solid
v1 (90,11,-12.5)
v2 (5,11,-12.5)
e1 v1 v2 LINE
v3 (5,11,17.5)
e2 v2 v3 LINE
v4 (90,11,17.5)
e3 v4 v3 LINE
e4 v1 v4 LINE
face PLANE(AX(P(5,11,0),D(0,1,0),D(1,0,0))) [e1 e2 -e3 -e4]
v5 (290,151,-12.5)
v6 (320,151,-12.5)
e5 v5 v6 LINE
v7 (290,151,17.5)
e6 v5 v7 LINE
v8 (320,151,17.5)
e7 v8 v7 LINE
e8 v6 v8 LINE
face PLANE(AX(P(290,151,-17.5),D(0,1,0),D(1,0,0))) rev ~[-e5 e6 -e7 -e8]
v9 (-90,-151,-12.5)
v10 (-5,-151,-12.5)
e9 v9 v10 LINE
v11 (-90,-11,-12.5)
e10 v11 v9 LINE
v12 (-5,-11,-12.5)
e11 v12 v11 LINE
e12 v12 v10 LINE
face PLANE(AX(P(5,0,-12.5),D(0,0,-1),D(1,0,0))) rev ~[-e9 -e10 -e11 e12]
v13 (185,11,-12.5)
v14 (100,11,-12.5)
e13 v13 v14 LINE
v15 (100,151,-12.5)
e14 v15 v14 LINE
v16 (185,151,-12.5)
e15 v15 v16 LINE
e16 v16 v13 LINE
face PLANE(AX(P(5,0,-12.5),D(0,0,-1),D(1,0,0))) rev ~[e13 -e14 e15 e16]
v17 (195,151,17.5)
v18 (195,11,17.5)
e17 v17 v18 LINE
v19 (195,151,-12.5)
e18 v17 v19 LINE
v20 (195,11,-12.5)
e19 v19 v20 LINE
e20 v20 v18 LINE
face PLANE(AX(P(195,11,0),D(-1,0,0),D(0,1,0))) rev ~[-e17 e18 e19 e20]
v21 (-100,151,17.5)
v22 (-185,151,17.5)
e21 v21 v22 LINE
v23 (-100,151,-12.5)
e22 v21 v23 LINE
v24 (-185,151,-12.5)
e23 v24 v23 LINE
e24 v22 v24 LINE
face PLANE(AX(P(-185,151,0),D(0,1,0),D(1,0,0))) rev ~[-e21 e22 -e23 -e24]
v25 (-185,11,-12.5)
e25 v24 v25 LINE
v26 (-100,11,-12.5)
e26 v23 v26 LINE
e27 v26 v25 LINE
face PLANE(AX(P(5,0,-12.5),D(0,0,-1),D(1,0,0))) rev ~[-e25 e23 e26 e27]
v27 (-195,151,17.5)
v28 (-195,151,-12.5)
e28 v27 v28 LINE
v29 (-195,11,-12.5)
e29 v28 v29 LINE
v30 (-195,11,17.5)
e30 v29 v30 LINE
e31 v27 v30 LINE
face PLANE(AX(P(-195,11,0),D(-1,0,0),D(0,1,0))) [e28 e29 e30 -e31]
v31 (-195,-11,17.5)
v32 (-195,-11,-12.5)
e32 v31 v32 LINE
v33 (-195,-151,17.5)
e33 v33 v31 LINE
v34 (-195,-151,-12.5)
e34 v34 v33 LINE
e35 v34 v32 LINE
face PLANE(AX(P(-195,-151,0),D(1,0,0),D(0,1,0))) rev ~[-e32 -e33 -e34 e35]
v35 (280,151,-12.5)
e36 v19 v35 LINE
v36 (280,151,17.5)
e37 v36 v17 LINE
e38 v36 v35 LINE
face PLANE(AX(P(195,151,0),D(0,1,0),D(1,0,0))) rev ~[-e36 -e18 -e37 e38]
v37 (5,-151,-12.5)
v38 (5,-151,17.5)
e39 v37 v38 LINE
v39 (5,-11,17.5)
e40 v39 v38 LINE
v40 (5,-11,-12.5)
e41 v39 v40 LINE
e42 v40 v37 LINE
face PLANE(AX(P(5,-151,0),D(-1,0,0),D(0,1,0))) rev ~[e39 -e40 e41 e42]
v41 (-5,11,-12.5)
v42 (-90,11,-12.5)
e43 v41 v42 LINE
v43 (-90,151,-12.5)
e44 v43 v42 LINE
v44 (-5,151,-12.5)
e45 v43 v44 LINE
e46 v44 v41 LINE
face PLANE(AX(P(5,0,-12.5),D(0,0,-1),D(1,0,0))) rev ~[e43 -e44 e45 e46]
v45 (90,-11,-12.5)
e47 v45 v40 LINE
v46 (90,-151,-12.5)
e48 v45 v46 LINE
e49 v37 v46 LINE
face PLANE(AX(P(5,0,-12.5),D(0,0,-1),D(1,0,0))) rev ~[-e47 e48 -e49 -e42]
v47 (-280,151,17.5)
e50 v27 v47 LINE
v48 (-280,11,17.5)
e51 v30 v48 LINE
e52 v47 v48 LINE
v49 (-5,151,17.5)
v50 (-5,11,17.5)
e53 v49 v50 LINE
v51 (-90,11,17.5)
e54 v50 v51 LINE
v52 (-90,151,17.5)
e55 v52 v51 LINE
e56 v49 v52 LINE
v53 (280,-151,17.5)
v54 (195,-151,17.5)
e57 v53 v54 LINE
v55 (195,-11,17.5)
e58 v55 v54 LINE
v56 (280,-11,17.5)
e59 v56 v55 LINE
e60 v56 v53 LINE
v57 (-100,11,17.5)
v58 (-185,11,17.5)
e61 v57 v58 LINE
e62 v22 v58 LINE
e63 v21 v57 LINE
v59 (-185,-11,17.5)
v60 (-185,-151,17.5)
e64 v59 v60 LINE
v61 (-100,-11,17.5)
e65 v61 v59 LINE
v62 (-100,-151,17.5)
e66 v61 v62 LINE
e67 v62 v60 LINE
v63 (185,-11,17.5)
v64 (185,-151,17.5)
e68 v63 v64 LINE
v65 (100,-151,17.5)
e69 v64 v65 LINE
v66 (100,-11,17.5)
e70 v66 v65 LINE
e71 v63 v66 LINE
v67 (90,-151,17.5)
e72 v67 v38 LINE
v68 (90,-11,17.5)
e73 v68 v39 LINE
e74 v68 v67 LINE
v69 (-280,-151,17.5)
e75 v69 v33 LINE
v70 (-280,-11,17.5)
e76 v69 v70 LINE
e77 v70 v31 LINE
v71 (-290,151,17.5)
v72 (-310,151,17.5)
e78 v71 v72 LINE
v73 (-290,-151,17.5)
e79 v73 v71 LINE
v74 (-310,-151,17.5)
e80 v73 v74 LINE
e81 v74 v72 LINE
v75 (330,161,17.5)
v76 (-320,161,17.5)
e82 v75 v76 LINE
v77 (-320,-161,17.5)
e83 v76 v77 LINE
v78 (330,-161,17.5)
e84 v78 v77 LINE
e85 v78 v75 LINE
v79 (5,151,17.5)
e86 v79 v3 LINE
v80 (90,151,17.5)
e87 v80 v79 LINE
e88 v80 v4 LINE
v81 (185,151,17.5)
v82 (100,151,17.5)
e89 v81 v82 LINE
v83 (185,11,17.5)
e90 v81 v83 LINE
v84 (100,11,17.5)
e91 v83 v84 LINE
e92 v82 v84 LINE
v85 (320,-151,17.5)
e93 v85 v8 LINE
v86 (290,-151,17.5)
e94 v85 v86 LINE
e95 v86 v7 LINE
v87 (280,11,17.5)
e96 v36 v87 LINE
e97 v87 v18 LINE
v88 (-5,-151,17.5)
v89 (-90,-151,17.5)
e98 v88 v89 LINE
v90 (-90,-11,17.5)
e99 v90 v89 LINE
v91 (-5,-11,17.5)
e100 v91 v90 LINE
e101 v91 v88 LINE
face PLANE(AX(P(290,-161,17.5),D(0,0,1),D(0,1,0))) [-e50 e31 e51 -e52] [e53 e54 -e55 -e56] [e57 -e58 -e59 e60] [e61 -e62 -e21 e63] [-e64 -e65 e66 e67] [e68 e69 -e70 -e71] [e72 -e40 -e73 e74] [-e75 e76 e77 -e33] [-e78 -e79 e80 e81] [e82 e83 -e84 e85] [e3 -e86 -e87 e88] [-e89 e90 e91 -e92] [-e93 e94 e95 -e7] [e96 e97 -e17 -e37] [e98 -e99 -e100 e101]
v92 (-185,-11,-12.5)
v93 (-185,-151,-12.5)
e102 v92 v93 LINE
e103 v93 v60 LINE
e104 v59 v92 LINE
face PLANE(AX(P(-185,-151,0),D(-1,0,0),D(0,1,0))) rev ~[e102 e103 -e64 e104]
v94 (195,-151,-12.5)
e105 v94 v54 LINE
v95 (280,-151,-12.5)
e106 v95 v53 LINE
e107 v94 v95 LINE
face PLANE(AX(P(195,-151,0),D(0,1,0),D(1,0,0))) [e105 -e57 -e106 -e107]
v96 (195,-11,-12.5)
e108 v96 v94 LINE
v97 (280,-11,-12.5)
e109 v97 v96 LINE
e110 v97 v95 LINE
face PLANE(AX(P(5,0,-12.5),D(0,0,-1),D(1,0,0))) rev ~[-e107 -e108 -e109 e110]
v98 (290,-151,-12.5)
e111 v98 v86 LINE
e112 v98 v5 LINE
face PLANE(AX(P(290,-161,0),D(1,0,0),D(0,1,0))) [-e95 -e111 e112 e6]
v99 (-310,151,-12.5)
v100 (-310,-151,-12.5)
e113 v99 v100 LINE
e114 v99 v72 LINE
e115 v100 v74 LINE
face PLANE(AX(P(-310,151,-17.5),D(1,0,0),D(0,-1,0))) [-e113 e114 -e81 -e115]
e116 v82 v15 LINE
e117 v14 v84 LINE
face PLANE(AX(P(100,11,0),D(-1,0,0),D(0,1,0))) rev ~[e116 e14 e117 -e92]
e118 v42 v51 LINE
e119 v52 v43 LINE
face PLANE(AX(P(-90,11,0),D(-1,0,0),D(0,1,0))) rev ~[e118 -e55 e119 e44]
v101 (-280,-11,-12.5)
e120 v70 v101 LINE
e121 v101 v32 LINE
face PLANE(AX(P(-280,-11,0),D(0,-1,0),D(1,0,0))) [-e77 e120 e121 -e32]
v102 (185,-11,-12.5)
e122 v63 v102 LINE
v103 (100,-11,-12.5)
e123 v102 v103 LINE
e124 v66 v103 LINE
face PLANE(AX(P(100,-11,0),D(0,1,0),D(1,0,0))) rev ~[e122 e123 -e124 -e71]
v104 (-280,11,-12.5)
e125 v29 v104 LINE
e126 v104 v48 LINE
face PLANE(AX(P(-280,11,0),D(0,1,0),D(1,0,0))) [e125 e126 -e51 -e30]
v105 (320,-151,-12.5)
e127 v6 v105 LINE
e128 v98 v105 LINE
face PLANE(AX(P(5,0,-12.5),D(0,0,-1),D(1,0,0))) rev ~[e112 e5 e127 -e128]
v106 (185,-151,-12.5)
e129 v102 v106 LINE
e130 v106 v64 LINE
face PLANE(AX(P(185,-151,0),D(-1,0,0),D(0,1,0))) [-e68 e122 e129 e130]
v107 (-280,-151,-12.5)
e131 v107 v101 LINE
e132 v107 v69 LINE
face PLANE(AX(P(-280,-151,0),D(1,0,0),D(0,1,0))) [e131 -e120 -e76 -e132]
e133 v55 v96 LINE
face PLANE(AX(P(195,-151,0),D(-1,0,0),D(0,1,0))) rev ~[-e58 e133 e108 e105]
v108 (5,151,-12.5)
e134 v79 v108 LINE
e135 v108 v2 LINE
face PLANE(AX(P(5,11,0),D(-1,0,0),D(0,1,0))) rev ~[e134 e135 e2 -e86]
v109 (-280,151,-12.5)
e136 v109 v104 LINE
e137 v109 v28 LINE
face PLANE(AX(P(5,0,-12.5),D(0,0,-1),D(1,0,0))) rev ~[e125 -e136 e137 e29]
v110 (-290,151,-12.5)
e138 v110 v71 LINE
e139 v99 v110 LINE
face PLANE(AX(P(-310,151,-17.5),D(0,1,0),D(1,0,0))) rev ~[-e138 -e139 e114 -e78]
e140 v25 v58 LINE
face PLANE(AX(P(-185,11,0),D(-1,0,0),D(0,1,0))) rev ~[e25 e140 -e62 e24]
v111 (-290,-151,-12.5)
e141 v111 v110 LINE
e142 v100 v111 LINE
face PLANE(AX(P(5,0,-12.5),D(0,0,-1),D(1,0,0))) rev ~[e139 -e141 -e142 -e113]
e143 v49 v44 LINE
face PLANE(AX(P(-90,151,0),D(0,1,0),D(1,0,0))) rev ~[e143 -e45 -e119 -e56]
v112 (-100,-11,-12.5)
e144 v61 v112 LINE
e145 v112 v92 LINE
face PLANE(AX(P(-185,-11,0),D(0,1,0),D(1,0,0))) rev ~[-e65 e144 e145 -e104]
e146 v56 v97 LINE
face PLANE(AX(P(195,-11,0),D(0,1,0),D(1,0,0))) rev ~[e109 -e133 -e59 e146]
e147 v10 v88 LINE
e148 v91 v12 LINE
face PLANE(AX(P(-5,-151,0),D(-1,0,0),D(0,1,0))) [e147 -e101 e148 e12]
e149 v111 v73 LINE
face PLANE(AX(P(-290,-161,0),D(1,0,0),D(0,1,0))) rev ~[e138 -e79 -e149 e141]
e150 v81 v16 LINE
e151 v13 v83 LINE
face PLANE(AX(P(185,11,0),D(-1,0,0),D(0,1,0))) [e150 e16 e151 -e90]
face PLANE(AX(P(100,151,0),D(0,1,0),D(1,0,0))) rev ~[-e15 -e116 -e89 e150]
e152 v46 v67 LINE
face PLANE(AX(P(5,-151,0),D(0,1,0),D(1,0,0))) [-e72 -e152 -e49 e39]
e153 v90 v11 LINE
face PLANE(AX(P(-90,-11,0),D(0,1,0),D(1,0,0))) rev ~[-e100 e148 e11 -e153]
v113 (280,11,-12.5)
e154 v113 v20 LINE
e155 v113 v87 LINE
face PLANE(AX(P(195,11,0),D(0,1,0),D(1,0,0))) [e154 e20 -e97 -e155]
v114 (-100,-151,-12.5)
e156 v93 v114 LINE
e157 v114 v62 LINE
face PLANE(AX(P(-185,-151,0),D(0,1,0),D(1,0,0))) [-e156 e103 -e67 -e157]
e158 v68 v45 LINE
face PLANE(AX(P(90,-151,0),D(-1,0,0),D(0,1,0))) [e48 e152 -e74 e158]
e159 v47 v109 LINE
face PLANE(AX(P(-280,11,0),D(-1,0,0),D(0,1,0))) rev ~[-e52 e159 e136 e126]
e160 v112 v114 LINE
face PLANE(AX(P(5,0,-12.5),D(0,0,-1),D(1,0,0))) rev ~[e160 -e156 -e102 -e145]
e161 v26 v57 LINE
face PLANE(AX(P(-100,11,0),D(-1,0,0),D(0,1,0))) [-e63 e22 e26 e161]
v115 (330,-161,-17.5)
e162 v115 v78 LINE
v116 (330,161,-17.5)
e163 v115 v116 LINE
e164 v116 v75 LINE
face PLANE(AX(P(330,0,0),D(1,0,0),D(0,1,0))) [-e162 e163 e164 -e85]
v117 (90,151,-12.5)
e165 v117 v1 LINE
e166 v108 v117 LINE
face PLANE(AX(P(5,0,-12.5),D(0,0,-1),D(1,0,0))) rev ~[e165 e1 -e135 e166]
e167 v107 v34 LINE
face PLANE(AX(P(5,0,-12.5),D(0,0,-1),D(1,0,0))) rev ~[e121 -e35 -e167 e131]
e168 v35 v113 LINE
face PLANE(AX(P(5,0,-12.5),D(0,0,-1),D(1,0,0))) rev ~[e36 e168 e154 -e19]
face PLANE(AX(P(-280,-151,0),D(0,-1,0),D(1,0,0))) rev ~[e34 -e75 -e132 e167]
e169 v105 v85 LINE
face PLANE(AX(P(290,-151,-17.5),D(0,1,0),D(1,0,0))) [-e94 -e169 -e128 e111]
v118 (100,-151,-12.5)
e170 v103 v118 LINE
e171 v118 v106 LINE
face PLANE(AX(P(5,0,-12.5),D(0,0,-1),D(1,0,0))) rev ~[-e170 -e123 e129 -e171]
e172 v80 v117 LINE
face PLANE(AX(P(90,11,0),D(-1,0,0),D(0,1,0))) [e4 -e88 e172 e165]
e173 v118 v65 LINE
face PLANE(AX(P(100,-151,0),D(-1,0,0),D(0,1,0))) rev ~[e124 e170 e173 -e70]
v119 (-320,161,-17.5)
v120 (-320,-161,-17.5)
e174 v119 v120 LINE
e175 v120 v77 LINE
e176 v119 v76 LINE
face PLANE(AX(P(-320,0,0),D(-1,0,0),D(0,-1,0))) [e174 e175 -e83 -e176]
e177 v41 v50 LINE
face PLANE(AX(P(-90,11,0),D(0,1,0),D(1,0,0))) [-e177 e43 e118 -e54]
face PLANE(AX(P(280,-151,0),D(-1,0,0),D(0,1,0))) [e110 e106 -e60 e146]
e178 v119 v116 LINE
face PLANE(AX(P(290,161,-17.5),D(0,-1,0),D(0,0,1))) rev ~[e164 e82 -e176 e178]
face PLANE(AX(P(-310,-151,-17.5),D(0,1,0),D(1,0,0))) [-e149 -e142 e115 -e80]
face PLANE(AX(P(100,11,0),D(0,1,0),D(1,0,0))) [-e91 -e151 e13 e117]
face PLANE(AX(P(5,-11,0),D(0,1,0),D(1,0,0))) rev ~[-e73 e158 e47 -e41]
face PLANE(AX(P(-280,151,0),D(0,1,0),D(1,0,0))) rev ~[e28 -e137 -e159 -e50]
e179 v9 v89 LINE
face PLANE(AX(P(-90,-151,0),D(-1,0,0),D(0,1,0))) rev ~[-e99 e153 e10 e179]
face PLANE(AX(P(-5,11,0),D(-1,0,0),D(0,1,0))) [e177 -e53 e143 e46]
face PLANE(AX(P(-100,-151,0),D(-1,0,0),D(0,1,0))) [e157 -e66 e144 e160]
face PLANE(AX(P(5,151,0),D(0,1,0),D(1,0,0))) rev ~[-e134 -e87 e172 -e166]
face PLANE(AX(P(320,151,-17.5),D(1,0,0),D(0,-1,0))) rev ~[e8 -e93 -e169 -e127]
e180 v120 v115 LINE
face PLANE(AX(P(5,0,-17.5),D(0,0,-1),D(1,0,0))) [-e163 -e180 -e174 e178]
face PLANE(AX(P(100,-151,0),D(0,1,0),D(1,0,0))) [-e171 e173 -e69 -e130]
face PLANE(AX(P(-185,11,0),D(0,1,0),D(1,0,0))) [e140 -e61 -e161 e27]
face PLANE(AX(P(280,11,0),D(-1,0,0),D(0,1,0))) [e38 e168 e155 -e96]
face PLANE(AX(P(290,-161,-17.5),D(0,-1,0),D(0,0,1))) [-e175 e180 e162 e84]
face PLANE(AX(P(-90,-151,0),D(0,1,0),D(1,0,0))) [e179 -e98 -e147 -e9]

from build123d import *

# Parameters (mm, degrees)
F0_W      = 580
F0_H      = 322
F1_DEPTH  = 17.5
F2_W      = 85
F2_H      = 140
F3_DEPTH  = 25
F4_W      = 322
F4_H      = 35
F5_DEPTH  = 30
F6_W      = 20
F6_H      = 302
F7_DEPTH  = 35.001
F8_W      = 322
F8_H      = 35
F9_DEPTH  = 40
F10_W     = 30
F10_H     = 302
F11_DEPTH = 35.001
F13_W     = 630
F13_H     = 302
F14_DEPTH = 5


with BuildPart() as f1:
    # F0 (on Top) → F1 (new body, symmetric)
    with BuildSketch(Plane.XY):
        Rectangle(F0_W, F0_H)
    extrude(amount=F1_DEPTH, both=True)

    # F2 (on Top) → F3 (cut, symmetric)
    with BuildSketch(Plane.XY):
        with Locations((237.5, -81)):
            Rectangle(F2_W, F2_H)
        with Locations((142.5, -81)):
            Rectangle(F2_W, F2_H)
        with Locations((47.5, -81)):
            Rectangle(F2_W, F2_H)
        with Locations((-47.5, -81)):
            Rectangle(F2_W, F2_H)
        with Locations((-142.5, -81)):
            Rectangle(F2_W, F2_H)
        with Locations((142.5, 81)):
            Rectangle(F2_W, F2_H)
        with Locations((237.5, 81)):
            Rectangle(F2_W, F2_H)
        with Locations((47.5, 81)):
            Rectangle(F2_W, F2_H)
        with Locations((-142.5, 81)):
            Rectangle(F2_W, F2_H)
        with Locations((-47.5, 81)):
            Rectangle(F2_W, F2_H)
        with Locations((-237.5, 81)):
            Rectangle(F2_W, F2_H)
        with Locations((-237.5, -81)):
            Rectangle(F2_W, F2_H)
    extrude(amount=F3_DEPTH, both=True, mode=Mode.SUBTRACT)


with BuildPart() as f5:
    # F4 (on face) → F5 (new body)
    with BuildSketch(Plane(origin=(-290, 0, 0), x_dir=(0, -1, 0), z_dir=(-1, 0, 0))):
        Rectangle(F4_W, F4_H)
    extrude(amount=F5_DEPTH)

    # F6 (on face) → F7 (cut, through all)
    with BuildSketch(Plane(origin=(0, 0, -17.5), x_dir=(1, 0, 0), z_dir=(0, 0, -1))):
        with Locations((-300, 0)):
            Rectangle(F6_W, F6_H)
    extrude(amount=-F7_DEPTH, mode=Mode.SUBTRACT)


with BuildPart() as f9:
    # F8 (on face) → F9 (new body)
    with BuildSketch(Plane.YZ.offset(290)):
        Rectangle(F8_W, F8_H)
    extrude(amount=F9_DEPTH)

    # F10 (on face) → F11 (cut, through all)
    with BuildSketch(Plane(origin=(0, 0, -17.5), x_dir=(1, 0, 0), z_dir=(0, 0, -1))):
        with Locations((305, 0)):
            Rectangle(F10_W, F10_H)
    extrude(amount=-F11_DEPTH, mode=Mode.SUBTRACT)


with BuildPart() as f5_1:
    add(f5.part)

    # F12: union F1, F9
    add(f1.part)
    add(f9.part)

    # F13 (on face) → F14 (join)
    with BuildSketch(Plane(origin=(0, 0, -17.5), x_dir=(1, 0, 0), z_dir=(0, 0, -1))):
        with Locations((5, 0)):
            Rectangle(F13_W, F13_H)
    extrude(amount=-F14_DEPTH)


solid = f5_1.part
